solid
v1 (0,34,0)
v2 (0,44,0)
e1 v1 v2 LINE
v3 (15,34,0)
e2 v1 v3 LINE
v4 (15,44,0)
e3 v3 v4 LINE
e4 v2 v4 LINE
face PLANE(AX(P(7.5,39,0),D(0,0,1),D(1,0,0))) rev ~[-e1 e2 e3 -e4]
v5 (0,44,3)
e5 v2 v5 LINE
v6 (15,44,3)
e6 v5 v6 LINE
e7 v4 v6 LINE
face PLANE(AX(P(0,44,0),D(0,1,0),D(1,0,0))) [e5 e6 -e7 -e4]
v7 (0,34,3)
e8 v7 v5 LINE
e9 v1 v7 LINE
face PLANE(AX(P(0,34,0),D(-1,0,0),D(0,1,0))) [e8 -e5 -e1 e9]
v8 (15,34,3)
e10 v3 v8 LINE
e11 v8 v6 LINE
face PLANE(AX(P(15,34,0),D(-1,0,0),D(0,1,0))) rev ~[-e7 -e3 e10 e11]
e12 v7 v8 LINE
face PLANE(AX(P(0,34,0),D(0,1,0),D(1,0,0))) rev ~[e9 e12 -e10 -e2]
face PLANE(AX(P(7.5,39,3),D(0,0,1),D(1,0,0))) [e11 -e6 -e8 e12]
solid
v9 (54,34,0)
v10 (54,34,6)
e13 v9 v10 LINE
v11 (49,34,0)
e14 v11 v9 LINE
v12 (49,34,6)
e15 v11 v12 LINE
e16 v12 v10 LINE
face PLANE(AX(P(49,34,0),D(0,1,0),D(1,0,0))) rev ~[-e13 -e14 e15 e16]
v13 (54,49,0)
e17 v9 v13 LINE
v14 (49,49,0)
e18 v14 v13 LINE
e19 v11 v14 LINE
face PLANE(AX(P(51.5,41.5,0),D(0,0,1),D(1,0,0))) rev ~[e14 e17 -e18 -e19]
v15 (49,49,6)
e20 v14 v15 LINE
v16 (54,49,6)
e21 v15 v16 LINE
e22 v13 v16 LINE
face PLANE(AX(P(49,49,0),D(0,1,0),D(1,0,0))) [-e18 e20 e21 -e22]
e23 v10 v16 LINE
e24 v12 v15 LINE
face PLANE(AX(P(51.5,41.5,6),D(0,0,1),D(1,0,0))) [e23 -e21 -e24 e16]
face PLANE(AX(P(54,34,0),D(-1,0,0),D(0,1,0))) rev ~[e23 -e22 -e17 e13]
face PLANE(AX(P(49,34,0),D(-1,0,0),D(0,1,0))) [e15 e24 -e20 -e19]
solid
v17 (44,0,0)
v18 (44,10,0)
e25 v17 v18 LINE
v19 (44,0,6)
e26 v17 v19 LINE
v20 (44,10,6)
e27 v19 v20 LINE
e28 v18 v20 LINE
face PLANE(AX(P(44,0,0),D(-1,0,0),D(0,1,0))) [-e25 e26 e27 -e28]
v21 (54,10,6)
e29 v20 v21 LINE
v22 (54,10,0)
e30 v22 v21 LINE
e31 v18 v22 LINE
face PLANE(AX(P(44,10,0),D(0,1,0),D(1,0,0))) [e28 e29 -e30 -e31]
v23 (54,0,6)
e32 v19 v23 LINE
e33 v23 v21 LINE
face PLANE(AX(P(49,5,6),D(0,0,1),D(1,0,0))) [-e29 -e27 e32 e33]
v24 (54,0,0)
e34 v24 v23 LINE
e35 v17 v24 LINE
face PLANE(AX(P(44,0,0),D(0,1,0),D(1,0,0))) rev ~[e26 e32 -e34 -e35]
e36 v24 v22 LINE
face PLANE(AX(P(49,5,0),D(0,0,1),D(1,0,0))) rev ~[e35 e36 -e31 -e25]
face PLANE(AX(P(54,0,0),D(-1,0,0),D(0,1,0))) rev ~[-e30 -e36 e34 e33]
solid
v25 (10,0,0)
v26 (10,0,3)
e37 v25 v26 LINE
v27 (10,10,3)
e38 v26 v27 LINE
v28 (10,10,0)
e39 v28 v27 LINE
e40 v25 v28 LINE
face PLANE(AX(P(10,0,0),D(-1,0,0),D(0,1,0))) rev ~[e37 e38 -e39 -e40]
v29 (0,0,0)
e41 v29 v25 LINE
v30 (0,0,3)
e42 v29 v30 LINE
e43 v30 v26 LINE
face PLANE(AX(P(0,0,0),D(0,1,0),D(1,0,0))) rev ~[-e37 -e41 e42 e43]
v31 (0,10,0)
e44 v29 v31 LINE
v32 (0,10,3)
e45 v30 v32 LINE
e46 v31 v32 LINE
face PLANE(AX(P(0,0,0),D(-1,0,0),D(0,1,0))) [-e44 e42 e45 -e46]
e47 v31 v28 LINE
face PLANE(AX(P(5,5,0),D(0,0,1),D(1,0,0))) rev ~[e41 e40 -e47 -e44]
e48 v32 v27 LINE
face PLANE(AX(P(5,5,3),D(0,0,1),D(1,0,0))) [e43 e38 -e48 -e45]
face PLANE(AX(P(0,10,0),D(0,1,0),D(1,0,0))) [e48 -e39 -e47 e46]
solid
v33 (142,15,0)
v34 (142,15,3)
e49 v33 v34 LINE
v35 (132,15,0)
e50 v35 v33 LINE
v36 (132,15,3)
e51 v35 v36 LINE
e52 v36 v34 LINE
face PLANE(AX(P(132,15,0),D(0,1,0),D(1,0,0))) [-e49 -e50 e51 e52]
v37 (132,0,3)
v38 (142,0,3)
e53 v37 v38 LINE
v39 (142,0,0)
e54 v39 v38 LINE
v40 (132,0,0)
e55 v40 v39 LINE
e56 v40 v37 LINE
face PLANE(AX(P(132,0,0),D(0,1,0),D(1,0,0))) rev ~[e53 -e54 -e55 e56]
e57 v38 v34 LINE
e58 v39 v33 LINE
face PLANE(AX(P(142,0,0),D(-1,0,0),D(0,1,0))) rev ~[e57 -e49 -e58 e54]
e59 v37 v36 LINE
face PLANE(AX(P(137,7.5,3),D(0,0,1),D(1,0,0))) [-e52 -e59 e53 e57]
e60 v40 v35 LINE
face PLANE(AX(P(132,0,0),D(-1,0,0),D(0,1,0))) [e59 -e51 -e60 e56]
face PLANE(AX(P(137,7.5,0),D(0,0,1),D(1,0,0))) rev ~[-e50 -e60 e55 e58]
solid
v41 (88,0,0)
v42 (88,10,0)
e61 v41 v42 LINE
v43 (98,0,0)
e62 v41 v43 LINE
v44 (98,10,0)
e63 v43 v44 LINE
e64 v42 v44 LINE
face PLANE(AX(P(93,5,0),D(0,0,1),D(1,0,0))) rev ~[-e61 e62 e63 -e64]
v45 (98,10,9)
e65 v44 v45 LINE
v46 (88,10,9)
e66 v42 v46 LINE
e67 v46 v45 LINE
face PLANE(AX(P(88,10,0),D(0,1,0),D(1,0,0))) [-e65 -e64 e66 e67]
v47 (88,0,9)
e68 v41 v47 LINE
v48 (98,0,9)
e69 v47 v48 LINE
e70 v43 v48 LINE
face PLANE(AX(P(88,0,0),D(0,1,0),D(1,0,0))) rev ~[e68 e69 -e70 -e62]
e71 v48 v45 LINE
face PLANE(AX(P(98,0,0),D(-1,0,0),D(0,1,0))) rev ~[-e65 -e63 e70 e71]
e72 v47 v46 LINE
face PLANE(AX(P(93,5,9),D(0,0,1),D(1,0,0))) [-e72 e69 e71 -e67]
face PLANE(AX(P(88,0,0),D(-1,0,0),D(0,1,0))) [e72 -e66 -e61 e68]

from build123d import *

# Parameters (mm, degrees)
BOX_W        = 10
BOX_H        = 10
BOX_DEPTH    = 3
BOX001_W     = 10
BOX001_H     = 10
BOX001_DEPTH = 6
BOX002_W     = 10
BOX002_H     = 10
BOX002_DEPTH = 9
BOX003_W     = 10
BOX003_H     = 15
BOX003_DEPTH = 3
BOX004_W     = 15
BOX004_H     = 10
BOX004_DEPTH = 3
BOX005_W     = 5
BOX005_H     = 15
BOX005_DEPTH = 6


with BuildPart() as cube:
    # Box → Box (new body)
    with BuildSketch(Plane.XY):
        with Locations((5, 5)):
            Rectangle(BOX_W, BOX_H)
    extrude(amount=BOX_DEPTH)


with BuildPart() as cube001:
    # Box001 → Box001 (new body)
    with BuildSketch(Plane(origin=(44, 0, 0), x_dir=(1, 0, 0), z_dir=(0, 0, 1))):
        with Locations((5, 5)):
            Rectangle(BOX001_W, BOX001_H)
    extrude(amount=BOX001_DEPTH)


with BuildPart() as cube002:
    # Box002 → Box002 (new body)
    with BuildSketch(Plane(origin=(88, 0, 0), x_dir=(1, 0, 0), z_dir=(0, 0, 1))):
        with Locations((5, 5)):
            Rectangle(BOX002_W, BOX002_H)
    extrude(amount=BOX002_DEPTH)


with BuildPart() as cube003:
    # Box003 → Box003 (new body)
    with BuildSketch(Plane(origin=(132, 0, 0), x_dir=(1, 0, 0), z_dir=(0, 0, 1))):
        with Locations((5, 7.5)):
            Rectangle(BOX003_W, BOX003_H)
    extrude(amount=BOX003_DEPTH)


with BuildPart() as cube004:
    # Box004 → Box004 (new body)
    with BuildSketch(Plane(origin=(0, 34, 0), x_dir=(1, 0, 0), z_dir=(0, 0, 1))):
        with Locations((7.5, 5)):
            Rectangle(BOX004_W, BOX004_H)
    extrude(amount=BOX004_DEPTH)


with BuildPart() as cube005:
    # Box005 → Box005 (new body)
    with BuildSketch(Plane(origin=(49, 34, 0), x_dir=(1, 0, 0), z_dir=(0, 0, 1))):
        with Locations((2.5, 7.5)):
            Rectangle(BOX005_W, BOX005_H)
    extrude(amount=BOX005_DEPTH)


solid = Compound([cube.part, cube001.part, cube002.part, cube003.part, cube004.part, cube005.part])
